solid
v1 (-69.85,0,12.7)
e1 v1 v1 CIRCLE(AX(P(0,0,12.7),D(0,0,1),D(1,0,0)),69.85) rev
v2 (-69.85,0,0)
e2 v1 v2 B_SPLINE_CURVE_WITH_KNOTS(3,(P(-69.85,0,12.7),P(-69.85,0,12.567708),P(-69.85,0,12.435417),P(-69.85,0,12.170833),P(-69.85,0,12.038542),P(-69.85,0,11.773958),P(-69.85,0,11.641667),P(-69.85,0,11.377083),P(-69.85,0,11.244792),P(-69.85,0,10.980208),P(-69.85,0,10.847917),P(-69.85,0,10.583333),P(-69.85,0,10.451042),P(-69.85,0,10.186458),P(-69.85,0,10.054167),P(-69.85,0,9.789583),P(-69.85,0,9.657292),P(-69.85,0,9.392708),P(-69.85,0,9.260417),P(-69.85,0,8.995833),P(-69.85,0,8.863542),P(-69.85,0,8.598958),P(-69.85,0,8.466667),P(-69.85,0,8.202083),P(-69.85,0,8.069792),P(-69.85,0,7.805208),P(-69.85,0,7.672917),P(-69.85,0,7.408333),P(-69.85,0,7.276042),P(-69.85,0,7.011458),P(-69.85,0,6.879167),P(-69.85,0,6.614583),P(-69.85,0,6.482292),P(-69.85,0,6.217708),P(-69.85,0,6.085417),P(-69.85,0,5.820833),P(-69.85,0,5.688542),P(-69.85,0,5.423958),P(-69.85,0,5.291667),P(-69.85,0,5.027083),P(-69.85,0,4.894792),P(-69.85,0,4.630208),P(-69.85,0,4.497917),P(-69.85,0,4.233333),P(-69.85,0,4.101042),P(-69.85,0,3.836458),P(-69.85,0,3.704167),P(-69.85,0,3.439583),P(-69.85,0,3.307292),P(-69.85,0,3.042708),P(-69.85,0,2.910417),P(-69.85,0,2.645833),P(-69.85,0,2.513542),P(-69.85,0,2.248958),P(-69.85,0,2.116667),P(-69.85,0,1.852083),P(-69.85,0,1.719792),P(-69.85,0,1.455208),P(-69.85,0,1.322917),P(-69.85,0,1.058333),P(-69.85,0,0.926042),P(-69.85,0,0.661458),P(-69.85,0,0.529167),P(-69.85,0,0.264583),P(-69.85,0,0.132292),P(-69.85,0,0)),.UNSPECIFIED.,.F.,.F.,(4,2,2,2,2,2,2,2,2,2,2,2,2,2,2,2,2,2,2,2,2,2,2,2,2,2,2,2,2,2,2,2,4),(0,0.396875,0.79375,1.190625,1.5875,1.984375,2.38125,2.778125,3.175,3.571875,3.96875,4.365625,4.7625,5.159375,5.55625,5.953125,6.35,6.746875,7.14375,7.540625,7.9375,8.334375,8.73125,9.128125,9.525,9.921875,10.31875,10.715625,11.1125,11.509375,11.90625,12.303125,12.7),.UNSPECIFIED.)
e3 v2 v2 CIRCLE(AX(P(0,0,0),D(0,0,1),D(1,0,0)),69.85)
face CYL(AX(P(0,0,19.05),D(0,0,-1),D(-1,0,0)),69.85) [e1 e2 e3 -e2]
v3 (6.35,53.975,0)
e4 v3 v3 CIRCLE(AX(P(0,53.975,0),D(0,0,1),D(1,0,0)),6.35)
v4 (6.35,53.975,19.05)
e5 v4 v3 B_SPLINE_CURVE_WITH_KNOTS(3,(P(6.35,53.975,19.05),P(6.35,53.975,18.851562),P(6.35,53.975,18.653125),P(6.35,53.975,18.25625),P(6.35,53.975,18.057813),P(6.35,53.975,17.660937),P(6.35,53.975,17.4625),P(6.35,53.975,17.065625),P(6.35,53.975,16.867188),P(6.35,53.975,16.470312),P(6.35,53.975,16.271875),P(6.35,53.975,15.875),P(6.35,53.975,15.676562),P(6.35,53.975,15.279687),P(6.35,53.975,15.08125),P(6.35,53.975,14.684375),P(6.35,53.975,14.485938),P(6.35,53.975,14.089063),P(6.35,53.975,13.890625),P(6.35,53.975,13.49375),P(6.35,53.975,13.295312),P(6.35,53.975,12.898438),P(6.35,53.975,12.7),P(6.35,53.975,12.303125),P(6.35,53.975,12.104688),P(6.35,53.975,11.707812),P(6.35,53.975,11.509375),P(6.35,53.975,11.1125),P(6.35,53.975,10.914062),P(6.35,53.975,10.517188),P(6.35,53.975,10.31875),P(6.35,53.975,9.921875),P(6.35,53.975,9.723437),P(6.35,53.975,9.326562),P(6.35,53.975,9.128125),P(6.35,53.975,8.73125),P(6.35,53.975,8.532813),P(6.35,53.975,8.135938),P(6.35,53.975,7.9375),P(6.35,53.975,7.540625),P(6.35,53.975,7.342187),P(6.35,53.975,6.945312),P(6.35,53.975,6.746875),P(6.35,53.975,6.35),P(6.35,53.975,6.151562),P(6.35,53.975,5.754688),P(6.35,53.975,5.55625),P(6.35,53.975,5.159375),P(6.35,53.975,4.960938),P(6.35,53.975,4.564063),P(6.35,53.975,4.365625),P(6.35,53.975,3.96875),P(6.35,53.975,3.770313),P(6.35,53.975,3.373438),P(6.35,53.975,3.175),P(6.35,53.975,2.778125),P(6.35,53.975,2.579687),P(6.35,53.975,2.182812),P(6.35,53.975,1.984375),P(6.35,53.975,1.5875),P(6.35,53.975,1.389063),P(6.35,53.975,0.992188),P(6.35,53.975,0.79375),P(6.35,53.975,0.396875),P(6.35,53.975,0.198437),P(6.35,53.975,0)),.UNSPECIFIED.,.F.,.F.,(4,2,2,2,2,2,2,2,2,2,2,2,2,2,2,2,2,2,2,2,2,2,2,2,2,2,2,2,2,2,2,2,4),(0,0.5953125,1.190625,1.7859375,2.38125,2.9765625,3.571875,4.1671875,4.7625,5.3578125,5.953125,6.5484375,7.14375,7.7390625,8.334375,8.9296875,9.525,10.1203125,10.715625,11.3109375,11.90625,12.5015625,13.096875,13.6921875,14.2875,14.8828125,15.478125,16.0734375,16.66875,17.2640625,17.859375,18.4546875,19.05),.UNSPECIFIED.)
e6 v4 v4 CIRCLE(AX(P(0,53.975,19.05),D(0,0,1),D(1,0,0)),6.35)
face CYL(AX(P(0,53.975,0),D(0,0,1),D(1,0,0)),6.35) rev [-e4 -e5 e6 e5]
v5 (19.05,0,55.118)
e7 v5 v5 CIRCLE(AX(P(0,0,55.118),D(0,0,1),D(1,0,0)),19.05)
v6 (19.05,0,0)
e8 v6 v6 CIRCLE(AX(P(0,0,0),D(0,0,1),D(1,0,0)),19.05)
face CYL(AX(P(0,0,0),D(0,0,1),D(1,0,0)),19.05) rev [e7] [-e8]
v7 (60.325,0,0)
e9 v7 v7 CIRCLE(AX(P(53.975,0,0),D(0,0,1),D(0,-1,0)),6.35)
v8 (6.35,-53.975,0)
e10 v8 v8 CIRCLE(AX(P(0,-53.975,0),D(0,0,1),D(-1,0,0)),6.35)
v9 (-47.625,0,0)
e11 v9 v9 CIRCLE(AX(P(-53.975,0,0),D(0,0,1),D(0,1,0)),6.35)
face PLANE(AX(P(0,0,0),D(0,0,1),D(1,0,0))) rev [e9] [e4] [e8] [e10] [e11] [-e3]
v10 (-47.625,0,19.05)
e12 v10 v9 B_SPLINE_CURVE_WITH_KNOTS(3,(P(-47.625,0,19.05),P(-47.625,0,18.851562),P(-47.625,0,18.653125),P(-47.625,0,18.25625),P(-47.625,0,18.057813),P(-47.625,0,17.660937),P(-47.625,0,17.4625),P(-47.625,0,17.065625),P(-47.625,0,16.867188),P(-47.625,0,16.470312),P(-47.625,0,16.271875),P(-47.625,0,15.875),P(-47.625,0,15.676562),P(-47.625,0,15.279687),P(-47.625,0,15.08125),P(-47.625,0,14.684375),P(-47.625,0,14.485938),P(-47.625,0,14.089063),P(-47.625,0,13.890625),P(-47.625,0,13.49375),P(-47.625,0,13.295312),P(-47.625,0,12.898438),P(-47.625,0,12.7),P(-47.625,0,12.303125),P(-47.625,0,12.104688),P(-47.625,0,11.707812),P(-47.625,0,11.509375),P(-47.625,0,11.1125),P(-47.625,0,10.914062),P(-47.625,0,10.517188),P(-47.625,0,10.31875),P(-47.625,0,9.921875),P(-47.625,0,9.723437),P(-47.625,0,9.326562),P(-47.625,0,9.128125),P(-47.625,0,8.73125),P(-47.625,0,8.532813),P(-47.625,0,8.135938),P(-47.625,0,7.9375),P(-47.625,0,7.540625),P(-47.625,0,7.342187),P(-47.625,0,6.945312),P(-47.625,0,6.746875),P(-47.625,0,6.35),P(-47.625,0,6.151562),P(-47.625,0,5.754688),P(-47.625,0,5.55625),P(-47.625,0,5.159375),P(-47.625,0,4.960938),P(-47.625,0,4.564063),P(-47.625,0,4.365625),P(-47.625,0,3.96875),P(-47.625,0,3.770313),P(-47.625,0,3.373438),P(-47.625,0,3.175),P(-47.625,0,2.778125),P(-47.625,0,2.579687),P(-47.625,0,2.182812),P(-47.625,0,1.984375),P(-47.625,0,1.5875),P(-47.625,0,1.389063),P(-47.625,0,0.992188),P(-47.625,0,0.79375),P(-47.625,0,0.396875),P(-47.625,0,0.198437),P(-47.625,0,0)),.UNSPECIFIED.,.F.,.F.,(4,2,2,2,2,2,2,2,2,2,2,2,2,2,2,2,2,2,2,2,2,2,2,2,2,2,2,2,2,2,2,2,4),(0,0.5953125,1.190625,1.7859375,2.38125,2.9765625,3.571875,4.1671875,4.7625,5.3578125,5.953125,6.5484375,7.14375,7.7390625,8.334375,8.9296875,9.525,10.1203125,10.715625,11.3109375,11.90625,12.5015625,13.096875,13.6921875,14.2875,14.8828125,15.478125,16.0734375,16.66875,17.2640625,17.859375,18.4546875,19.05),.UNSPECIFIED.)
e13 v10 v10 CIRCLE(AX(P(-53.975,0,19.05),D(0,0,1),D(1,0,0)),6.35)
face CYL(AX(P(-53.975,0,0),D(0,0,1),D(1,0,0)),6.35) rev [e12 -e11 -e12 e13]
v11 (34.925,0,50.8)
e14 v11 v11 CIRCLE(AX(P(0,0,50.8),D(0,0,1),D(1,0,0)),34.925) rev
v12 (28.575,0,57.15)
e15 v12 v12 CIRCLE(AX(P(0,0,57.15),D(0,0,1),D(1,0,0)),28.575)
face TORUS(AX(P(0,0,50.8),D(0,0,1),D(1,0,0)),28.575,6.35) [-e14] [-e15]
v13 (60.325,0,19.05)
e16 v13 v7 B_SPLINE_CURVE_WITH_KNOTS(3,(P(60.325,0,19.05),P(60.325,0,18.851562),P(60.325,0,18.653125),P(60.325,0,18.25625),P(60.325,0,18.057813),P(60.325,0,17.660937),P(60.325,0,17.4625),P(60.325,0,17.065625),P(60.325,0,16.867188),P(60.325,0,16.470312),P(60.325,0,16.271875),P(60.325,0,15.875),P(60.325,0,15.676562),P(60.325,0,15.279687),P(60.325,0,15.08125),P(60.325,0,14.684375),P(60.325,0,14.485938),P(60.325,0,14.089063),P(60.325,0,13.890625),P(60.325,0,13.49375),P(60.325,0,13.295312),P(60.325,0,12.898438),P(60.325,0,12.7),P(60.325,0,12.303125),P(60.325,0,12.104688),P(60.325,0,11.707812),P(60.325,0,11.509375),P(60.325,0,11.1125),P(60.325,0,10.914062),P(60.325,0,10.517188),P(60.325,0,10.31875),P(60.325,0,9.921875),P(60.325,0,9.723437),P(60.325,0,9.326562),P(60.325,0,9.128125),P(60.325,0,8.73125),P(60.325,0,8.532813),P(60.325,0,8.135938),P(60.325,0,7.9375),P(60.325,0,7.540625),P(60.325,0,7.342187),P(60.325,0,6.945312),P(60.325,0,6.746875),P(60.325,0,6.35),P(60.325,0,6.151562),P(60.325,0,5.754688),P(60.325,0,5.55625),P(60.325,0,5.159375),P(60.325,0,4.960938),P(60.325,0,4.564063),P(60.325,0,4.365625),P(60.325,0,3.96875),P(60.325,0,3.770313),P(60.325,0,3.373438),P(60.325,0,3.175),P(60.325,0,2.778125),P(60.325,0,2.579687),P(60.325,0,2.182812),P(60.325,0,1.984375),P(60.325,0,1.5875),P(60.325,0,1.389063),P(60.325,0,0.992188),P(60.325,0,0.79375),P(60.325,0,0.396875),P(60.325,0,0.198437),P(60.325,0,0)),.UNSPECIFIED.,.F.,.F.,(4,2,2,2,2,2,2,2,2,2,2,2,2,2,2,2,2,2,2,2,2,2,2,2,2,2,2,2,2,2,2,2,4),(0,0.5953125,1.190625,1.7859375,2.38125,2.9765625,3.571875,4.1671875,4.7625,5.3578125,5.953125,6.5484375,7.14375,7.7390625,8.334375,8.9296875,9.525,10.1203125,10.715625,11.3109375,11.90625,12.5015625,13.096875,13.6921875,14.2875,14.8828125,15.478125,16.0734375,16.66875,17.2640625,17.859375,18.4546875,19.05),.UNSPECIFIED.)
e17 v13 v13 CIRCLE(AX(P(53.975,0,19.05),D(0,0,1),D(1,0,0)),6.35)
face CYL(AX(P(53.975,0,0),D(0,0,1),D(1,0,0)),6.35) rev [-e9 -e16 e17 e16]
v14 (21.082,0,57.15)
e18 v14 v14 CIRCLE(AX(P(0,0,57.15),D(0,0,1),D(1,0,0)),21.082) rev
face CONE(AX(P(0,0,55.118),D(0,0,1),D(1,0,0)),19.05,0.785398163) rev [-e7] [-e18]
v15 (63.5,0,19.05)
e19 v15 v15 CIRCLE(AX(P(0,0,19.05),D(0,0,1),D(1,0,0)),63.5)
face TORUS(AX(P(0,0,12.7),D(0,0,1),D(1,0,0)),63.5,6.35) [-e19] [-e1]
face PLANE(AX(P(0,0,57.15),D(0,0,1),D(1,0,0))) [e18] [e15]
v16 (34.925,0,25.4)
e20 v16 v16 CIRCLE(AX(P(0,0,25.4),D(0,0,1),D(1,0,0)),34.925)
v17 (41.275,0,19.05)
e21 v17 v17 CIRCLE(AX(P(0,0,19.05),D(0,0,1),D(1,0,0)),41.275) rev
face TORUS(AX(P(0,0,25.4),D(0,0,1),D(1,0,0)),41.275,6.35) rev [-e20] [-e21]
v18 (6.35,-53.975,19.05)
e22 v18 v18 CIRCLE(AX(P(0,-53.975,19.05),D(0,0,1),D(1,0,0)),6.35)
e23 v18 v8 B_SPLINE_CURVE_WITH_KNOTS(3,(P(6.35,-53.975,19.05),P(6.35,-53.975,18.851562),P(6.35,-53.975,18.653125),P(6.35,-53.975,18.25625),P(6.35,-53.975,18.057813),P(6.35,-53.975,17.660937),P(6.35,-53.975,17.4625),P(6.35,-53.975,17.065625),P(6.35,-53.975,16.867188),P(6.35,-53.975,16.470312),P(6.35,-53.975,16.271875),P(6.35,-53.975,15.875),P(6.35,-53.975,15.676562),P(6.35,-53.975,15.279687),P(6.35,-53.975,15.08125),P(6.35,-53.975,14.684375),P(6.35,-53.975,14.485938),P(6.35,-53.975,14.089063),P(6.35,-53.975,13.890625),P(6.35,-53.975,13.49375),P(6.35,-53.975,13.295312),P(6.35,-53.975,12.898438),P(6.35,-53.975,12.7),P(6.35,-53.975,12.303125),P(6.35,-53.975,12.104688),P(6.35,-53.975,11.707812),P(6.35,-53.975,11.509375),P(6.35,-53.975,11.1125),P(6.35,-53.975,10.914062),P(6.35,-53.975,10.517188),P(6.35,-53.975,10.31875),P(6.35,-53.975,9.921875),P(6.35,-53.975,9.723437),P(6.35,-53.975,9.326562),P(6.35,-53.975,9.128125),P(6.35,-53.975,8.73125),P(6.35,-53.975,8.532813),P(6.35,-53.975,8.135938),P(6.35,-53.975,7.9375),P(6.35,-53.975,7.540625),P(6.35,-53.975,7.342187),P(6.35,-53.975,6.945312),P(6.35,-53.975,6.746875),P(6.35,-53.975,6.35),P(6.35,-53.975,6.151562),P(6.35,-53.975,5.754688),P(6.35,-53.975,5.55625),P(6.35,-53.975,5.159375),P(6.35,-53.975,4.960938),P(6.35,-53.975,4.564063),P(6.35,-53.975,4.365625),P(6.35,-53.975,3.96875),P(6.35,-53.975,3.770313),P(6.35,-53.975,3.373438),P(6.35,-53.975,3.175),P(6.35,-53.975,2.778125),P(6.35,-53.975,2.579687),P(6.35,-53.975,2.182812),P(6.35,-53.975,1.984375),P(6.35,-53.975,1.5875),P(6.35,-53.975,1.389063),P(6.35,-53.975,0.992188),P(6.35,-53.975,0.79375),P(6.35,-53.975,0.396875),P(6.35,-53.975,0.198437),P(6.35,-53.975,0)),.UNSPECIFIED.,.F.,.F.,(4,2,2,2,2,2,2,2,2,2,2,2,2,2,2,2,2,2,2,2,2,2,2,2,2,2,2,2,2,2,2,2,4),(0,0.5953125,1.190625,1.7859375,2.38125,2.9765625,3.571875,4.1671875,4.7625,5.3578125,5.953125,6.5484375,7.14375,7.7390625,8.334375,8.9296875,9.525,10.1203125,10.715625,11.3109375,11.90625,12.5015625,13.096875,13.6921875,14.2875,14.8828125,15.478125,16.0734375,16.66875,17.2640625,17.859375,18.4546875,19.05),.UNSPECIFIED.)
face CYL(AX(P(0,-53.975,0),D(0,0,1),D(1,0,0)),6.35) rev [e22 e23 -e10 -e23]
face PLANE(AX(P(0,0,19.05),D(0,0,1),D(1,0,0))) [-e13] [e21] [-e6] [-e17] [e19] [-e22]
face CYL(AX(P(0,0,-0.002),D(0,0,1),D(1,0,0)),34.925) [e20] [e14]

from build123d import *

# Parameters (mm, degrees)
SKETCH1_R           = 69.85
BOSS_EXTRUDE1_DEPTH = 19.05
BOSS_EXTRUDE2_REACH = 116.123
SKETCH2_R           = 34.925
SKETCH5_R           = 19.05
CUT_EXTRUDE1_DEPTH  = 115.123474798
SKETCH6_R           = 6.35
BOLT_HOLE_DEPTH     = 106.875658203
CIRPATTERN1_COUNT   = 4
FILLET1_R           = 6.35
CHAMFER1_SIZE       = 2.032


with BuildPart() as part:
    # Sketch1 → Boss-Extrude1 (new body)
    with BuildSketch(Plane.XY):
        with Locations(Location((0, 0, 0), (0, 0, 180))):
            Circle(SKETCH1_R)
    extrude(amount=BOSS_EXTRUDE1_DEPTH)

    # Sketch2 → Boss-Extrude2 (add, up to next)
    with BuildSketch(Plane.XY.offset(57.15), mode=Mode.PRIVATE) as boss_extrude2_sk1:
        Circle(SKETCH2_R)
    boss_extrude2_tool1 = extrude(boss_extrude2_sk1.sketch, amount=-BOSS_EXTRUDE2_REACH, mode=Mode.PRIVATE) - part.part
    add(boss_extrude2_tool1.solids().sort_by_distance((0, 0, 57.15))[0])

    # Sketch5 → Cut-Extrude1 (cut, through all)
    with BuildSketch(Plane.XY.offset(57.15)):
        Circle(SKETCH5_R)
    extrude(amount=-CUT_EXTRUDE1_DEPTH, mode=Mode.SUBTRACT)

    # Sketch6 → Bolt hole (cut, symmetric)
    with BuildSketch(Plane.XY.offset(19.05)):
        with Locations((0, 53.975)):
            Circle(SKETCH6_R)
    bolt_hole = extrude(amount=BOLT_HOLE_DEPTH, both=True, mode=Mode.SUBTRACT)

    # CirPattern1: Bolt hole ×4 about axis
    cirpattern1_axis = Axis((0, 0, 0), (0, 0, 1))
    for i in range(1, CIRPATTERN1_COUNT):
        add(bolt_hole.rotate(cirpattern1_axis, i * 360 / CIRPATTERN1_COUNT), mode=Mode.SUBTRACT)

    # Fillet1
    fillet1_edges = [part.edges().sort_by_distance(p)[0] for p in [
        (69.85, 0, 19.05),
        (-34.925, 0, 19.05),
        (-34.925, 0, 57.15),
    ]]
    fillet(fillet1_edges, radius=FILLET1_R)

    # Chamfer1
    chamfer1_edges = [part.edges().sort_by_distance(p)[0] for p in [
        (-19.05, 0, 57.15),
    ]]
    chamfer(chamfer1_edges, length=CHAMFER1_SIZE)


solid = part.part
